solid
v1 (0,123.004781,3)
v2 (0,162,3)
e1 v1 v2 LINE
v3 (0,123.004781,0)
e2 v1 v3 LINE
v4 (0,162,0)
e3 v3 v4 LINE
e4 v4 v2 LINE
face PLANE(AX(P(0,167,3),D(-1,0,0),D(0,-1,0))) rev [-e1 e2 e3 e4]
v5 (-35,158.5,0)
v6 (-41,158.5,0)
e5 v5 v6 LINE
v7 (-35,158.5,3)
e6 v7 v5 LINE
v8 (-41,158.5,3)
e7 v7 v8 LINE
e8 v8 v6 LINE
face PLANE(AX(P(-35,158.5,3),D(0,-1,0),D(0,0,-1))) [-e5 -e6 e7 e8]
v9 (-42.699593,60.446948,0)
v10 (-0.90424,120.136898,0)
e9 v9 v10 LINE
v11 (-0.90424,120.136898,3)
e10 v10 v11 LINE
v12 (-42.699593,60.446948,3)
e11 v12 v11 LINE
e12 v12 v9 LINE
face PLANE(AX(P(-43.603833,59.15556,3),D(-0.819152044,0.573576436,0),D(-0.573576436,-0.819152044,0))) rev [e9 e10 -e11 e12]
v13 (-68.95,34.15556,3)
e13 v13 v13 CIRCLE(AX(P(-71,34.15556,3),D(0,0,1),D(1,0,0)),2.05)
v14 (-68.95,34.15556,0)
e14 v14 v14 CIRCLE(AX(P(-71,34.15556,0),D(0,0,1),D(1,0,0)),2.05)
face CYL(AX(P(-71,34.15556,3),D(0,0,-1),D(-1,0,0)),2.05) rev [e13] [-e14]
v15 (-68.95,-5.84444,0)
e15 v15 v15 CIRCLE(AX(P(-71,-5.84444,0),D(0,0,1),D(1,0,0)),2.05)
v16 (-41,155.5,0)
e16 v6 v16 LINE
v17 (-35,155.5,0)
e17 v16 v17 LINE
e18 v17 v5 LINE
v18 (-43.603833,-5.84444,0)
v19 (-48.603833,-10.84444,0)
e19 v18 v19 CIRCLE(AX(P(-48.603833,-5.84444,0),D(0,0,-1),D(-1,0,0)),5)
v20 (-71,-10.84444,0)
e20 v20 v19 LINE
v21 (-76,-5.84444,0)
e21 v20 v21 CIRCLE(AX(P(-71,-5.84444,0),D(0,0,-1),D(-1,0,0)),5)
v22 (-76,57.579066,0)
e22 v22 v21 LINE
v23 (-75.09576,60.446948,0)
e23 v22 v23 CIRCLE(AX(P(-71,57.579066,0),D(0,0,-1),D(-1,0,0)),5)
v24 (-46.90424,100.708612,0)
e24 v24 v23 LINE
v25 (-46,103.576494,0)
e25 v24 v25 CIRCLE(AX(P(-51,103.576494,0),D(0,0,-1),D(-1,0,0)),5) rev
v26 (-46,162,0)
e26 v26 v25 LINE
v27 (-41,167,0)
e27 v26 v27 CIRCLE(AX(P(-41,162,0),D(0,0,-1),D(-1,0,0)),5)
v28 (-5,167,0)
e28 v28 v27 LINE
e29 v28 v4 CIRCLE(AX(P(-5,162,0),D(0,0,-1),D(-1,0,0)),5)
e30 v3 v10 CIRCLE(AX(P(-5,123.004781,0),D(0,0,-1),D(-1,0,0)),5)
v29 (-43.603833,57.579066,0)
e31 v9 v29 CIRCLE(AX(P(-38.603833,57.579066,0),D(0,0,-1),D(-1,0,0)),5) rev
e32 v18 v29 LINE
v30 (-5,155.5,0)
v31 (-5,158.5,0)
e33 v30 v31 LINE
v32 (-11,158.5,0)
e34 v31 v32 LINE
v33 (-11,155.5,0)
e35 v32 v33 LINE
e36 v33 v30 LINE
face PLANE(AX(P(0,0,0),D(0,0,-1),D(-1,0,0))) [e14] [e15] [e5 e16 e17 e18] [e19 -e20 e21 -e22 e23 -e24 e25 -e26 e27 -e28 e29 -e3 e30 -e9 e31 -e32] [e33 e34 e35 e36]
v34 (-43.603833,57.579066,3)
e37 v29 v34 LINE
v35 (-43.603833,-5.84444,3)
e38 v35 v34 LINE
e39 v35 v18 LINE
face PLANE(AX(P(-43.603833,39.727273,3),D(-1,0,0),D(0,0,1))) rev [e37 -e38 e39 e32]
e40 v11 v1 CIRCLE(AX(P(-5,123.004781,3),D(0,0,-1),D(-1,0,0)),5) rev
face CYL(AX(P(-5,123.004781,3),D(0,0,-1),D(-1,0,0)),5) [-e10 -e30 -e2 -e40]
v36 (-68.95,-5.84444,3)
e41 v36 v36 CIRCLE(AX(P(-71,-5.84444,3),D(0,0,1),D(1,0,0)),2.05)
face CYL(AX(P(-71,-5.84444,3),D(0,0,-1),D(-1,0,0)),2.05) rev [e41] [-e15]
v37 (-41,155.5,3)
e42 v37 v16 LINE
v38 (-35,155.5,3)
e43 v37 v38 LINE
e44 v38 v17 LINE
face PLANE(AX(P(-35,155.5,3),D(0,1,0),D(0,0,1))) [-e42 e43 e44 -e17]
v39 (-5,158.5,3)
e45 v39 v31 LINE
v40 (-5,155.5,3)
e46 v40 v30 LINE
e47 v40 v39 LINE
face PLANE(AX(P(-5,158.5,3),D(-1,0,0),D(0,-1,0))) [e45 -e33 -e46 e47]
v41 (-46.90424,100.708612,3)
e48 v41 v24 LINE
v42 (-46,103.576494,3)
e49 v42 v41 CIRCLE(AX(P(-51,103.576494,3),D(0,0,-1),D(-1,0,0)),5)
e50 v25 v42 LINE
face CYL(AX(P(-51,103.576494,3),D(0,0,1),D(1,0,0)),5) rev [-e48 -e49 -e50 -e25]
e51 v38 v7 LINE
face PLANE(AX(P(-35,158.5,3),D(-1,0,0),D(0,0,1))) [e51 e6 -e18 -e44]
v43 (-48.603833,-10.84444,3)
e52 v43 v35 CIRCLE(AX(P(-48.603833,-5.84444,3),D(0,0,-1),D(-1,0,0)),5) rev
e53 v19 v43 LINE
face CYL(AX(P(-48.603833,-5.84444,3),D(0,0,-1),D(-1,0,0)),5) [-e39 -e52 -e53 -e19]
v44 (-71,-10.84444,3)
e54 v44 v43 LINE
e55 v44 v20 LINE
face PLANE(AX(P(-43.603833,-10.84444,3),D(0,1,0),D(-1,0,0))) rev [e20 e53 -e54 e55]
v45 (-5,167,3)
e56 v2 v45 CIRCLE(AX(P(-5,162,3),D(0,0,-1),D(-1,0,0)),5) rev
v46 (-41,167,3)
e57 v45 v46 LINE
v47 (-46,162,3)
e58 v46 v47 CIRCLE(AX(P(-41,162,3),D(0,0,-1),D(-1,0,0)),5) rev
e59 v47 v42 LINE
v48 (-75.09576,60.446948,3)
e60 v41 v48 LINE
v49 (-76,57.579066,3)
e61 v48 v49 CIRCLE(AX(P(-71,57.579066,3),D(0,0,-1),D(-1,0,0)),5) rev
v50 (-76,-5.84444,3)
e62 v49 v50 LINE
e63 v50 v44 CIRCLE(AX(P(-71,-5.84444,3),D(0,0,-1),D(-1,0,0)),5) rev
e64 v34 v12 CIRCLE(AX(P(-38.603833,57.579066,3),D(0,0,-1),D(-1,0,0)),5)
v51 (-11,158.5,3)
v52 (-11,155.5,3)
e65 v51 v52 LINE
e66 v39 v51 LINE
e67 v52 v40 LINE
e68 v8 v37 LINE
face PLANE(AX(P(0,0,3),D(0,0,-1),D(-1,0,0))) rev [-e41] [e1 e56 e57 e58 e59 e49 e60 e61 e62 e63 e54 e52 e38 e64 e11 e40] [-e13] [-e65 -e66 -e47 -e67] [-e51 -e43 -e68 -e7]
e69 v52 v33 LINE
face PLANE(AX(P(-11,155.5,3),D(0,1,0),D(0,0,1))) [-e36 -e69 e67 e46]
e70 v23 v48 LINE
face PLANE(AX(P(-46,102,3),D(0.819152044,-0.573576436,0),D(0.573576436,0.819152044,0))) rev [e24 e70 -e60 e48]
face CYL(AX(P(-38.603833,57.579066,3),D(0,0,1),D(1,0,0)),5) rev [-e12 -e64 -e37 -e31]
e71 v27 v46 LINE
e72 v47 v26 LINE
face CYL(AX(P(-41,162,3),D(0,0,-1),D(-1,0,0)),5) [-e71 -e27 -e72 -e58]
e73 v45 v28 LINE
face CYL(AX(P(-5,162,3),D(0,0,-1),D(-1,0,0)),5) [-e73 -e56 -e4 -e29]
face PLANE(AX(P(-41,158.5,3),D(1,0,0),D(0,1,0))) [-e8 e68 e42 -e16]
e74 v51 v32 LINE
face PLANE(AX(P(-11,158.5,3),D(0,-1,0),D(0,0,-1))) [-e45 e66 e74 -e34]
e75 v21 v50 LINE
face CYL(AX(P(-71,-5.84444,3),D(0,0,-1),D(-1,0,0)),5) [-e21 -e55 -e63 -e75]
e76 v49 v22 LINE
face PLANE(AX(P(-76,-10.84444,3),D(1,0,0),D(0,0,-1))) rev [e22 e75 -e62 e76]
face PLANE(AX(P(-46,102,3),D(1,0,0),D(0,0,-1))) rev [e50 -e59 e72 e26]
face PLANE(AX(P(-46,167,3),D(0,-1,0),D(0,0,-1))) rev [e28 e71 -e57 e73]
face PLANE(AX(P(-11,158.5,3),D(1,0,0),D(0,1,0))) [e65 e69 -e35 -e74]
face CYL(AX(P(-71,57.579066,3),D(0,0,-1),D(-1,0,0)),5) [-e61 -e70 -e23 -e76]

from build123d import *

# Parameters (mm, degrees)
SKETCH1_R           = 2.05
SKETCH1_W           = 6
SKETCH1_H           = 3
BOSS_EXTRUDE1_DEPTH = 3
FILLET1_R           = 5


with BuildPart() as part:
    # Sketch1 → Boss-Extrude1 (new body)
    with BuildSketch(Plane.XY):
        Polygon((-43.603832711, -10.844440202), (-76, -10.844440202), (-76, 59.155559798), (-46, 102), (-46, 167), (0, 167), (0, 121.42828657), (-43.603832711, 59.155559798), (-43.603832711, 39.727273228), align=None)
        with Locations((-71, 34.155559798)):
            Circle(SKETCH1_R, mode=Mode.SUBTRACT)
        with Locations((-71, -5.844440202)):
            Circle(SKETCH1_R, mode=Mode.SUBTRACT)
        with Locations((-38, 157)):
            Rectangle(SKETCH1_W, SKETCH1_H, mode=Mode.SUBTRACT)
        with Locations((-8, 157)):
            Rectangle(SKETCH1_W, SKETCH1_H, mode=Mode.SUBTRACT)
    extrude(amount=BOSS_EXTRUDE1_DEPTH)

    # Fillet1
    fillet1_edges = [part.edges().sort_by_distance(p)[0] for p in [
        (-43.603832711, 59.155559798, 1.5),
        (-43.603832711, -10.844440202, 1.5),
        (-76, -10.844440202, 1.5),
        (-76, 59.155559798, 1.5),
        (-46, 102, 1.5),
        (-46, 167, 1.5),
        (0, 167, 1.5),
        (0, 121.42828657, 1.5),
    ]]
    fillet(fillet1_edges, radius=FILLET1_R)


solid = part.part
